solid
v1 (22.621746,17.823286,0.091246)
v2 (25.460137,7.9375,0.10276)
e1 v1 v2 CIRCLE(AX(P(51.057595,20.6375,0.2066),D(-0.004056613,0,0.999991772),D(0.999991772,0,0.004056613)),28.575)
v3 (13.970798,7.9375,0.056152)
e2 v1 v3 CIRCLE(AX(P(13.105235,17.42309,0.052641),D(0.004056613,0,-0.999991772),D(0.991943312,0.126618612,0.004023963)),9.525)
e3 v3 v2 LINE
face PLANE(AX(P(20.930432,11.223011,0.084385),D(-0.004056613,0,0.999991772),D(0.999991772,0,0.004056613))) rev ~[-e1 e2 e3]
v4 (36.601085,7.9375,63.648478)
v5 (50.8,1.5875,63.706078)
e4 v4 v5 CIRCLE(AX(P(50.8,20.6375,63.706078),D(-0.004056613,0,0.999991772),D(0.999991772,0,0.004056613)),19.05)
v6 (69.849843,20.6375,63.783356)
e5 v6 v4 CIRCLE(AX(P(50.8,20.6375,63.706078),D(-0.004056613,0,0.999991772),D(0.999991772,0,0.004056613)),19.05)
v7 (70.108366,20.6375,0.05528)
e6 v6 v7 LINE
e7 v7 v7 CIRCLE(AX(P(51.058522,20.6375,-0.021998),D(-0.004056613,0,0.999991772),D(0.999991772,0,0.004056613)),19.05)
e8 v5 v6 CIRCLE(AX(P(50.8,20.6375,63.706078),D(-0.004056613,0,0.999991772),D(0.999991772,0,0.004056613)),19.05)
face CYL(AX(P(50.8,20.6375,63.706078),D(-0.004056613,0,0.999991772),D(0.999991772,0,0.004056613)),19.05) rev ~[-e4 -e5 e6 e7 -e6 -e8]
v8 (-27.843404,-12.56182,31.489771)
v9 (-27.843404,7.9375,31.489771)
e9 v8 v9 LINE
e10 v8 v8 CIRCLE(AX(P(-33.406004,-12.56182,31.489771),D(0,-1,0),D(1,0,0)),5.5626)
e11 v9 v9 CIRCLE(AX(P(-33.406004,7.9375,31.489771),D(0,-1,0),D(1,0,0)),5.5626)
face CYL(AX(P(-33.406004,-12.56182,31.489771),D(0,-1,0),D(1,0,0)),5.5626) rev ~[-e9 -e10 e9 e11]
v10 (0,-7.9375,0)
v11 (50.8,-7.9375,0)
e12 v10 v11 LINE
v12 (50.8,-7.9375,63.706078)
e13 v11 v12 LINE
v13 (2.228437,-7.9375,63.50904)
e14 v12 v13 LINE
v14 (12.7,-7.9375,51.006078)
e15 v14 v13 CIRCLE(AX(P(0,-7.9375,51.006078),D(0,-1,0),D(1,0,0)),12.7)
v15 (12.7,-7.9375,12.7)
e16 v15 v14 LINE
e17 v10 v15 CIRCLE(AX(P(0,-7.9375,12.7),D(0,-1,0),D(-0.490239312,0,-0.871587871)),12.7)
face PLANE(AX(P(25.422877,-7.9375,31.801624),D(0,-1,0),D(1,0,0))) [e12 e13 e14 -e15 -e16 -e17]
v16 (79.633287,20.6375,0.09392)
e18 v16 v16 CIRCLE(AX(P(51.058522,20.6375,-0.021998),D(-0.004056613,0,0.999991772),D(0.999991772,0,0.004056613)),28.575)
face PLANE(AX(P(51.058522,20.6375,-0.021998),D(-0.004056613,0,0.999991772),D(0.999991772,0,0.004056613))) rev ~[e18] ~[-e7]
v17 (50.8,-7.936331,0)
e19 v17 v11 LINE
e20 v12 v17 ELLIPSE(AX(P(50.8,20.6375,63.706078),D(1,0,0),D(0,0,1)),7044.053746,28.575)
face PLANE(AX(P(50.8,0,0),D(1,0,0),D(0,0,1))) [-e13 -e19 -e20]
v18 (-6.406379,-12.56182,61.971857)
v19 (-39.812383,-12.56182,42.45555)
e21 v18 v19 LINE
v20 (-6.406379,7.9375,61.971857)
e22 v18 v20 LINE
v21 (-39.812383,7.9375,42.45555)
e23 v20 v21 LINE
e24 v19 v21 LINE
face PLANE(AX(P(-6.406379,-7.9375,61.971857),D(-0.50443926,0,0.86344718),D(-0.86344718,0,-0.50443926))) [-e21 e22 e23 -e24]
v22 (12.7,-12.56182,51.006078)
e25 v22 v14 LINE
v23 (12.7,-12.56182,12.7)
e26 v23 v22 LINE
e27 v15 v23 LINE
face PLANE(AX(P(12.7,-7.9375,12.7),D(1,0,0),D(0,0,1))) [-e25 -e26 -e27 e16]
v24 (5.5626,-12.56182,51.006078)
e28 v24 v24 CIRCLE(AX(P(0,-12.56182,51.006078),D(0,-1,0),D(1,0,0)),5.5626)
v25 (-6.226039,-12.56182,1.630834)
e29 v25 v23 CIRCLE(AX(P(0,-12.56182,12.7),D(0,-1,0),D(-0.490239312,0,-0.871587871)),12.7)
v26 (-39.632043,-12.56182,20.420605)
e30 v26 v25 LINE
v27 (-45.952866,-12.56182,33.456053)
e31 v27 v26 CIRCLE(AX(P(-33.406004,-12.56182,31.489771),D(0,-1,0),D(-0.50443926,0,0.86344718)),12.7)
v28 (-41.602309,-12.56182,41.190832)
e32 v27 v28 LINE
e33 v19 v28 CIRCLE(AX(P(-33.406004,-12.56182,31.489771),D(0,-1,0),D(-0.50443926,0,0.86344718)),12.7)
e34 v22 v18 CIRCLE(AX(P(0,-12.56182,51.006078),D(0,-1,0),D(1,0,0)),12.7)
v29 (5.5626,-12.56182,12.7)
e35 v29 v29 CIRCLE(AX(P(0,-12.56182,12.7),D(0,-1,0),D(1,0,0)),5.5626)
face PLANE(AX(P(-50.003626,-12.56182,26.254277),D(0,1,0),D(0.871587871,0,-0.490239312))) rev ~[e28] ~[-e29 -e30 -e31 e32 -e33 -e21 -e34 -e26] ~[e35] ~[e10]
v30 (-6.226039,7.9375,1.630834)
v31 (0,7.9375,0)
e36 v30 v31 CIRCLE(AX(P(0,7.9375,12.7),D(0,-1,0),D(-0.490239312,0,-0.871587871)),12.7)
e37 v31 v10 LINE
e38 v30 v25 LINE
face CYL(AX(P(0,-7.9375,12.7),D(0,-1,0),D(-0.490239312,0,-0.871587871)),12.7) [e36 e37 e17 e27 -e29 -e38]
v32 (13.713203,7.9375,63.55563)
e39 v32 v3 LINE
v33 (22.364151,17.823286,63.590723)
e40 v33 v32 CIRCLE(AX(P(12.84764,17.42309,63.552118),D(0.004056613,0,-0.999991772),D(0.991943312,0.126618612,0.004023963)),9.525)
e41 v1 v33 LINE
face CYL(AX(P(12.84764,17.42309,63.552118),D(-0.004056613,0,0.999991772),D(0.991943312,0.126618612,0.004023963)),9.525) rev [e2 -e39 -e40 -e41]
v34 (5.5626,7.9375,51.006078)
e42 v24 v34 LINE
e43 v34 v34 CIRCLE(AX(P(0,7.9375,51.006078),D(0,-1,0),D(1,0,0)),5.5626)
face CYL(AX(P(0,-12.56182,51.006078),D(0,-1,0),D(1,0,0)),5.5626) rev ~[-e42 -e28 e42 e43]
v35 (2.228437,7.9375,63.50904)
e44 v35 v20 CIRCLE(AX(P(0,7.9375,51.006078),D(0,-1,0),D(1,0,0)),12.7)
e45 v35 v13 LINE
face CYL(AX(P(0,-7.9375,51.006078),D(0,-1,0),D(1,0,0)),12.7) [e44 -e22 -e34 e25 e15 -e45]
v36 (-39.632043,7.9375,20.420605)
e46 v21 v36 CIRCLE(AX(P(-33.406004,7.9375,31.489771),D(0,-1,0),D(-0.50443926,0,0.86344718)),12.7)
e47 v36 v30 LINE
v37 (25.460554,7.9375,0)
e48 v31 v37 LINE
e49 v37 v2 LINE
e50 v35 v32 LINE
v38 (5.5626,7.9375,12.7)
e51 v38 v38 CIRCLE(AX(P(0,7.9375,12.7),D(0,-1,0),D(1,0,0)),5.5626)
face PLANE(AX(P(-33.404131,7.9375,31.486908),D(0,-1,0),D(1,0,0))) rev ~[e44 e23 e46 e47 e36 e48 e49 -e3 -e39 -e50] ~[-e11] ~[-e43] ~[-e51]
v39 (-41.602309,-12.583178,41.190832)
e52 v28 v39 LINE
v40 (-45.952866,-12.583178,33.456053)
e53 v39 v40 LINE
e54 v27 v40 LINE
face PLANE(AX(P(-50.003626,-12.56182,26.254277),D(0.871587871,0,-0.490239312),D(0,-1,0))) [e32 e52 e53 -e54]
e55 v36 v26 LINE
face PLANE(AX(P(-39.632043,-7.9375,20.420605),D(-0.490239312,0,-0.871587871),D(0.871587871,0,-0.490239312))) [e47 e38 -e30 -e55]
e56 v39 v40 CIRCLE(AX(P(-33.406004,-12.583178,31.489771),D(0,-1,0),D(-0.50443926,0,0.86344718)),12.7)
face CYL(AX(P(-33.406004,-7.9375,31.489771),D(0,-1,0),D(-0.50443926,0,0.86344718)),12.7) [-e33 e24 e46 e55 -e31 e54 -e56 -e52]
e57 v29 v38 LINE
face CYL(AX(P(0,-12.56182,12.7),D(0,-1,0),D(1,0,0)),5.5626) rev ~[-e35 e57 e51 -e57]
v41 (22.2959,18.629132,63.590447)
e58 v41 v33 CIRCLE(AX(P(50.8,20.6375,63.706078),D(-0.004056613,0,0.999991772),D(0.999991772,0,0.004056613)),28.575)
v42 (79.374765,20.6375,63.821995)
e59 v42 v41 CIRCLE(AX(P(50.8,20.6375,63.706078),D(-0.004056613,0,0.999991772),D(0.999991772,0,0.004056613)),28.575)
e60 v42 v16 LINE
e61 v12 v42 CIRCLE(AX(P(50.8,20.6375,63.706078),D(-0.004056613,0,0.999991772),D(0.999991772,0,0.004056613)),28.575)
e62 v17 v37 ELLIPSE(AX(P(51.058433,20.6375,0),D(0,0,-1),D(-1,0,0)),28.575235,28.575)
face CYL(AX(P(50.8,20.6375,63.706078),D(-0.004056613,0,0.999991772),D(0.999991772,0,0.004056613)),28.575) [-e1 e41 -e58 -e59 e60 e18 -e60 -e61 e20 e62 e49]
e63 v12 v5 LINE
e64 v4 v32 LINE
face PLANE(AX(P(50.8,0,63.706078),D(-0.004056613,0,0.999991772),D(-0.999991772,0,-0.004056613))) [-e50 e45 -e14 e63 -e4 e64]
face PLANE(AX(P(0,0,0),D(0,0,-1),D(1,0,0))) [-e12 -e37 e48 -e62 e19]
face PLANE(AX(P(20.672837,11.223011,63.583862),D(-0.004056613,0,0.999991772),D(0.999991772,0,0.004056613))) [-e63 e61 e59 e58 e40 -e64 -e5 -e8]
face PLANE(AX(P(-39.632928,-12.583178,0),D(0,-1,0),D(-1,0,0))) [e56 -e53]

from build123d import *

# Parameters (mm, degrees)
F1_DEPTH  = 7.9375
F3_DEPTH  = 15.875
F4_W      = 71.9558009878
F4_H      = 13.6753677544
F5_DEPTH  = 87.884
F7_DEPTH  = 84.582
F8_R      = 5.5626
F9_DEPTH  = 25.4
F10_R     = 28.575
F11_DEPTH = 63.7286
F12_R     = 19.05
F13_DEPTH = 95.758
F15_DEPTH = 63.5


with BuildPart() as f1:
    # F0 (on Front) → F1 (new body, symmetric)
    with BuildSketch(Plane.XZ):
        Polygon((0, 63.5), (0, 0), (50.8, 0), (50.8, 63.7060776353), align=None)
    extrude(amount=F1_DEPTH, both=True)

    # F2 (on face) → F3 (join, symmetric)
    with BuildSketch(Plane.XZ.offset(7.9375)):
        with BuildLine():
            ThreePointArc((-39.632043346, 20.4206049765), (-26.9943232846, 20.5270910991), (-20.706004086, 31.4897709403))
            ThreePointArc((-20.706004086, 31.4897709403), (-27.0842562365, 42.5045566453), (-39.8123826888, 42.4555501282))
            ThreePointArc((-39.8123826888, 42.4555501282), (-46.1055787727, 31.3858345367), (-39.632043346, 20.4206049765))
        make_face()
        with BuildLine():
            ThreePointArc((-39.8123826888, 42.4555501282), (-27.0842562365, 42.5045566453), (-20.706004086, 31.4897709403))
            ThreePointArc((-20.706004086, 31.4897709403), (-26.9943232846, 20.5270910991), (-39.632043346, 20.4206049765))
            Line((-39.632043346, 20.4206049765), (-6.22603926, 1.6308340362))
            ThreePointArc((-6.22603926, 1.6308340362), (-6.4116808014, 23.6626798412), (12.7, 12.7))
            Line((12.7, 12.7), (12.7, 51.0060776353))
            ThreePointArc((12.7, 51.0060776353), (-6.3217478495, 39.9912919303), (-6.4063786028, 61.9718568232))
            Line((-6.4063786028, 61.9718568232), (-39.8123826888, 42.4555501282))
        make_face()
        with BuildLine():
            ThreePointArc((12.7, 51.0060776353), (6.3217478495, 62.0208633403), (-6.4063786028, 61.9718568232))
            ThreePointArc((-6.4063786028, 61.9718568232), (-6.3217478495, 39.9912919303), (12.7, 51.0060776353))
        make_face()
        with BuildLine():
            ThreePointArc((12.7, 12.7), (-6.4116808014, 23.6626798412), (-6.22603926, 1.6308340362))
            ThreePointArc((-6.22603926, 1.6308340362), (6.4116808014, 1.7373201588), (12.7, 12.7))
        make_face()
    extrude(amount=F3_DEPTH, both=True)

    # F4 (on face) → F5 (cut)
    with BuildSketch(Plane(origin=(-0.7994989556, 0, -1.4214151659), x_dir=(0.8715878712, 0, -0.4902393118), z_dir=(-0.4902393118, 0, -0.8715878712))):
        with Locations((-20.4755323939, 19.3995043051)):
            Rectangle(F4_W, F4_H)
    extrude(amount=-F5_DEPTH, mode=Mode.SUBTRACT)

    # F6 (on Top) → F7 (cut)
    with BuildSketch(Plane.XY):
        Polygon((-39.6329276264, -12.583178468), (-41.4357371628, -12.583178468), (-46.0986830294, -12.583178468), (-46.0986830294, -26.8648453057), (-39.6329276264, -26.8648453057), align=None)
    extrude(amount=F7_DEPTH, mode=Mode.SUBTRACT)

    # F8 (on face) → F9 (cut)
    with BuildSketch(Plane.XZ.offset(12.5618204279)):
        with Locations((0, 51.0060776353)):
            Circle(F8_R)
        with Locations((0, 12.7)):
            Circle(F8_R)
        with Locations((-33.406004086, 31.4897709403)):
            Circle(F8_R)
    extrude(amount=-F9_DEPTH, mode=Mode.SUBTRACT)

    # F10 (on face) → F11 (join)
    with BuildSketch(Plane(origin=(-0.2575928051, 0, 63.4989550371), x_dir=(0.9999917719, 0, 0.004056613), z_dir=(-0.004056613, 0, 0.9999917719))):
        with Locations((51.0580129149, 20.6375)):
            Circle(F10_R)
    extrude(amount=-F11_DEPTH)

    # F12 (on face) → F13 (cut)
    with BuildSketch(Plane(origin=(-0.2575928051, 0, 63.4989550371), x_dir=(0.9999917719, 0, 0.004056613), z_dir=(-0.004056613, 0, 0.9999917719))):
        with Locations((51.0580129149, 20.6375)):
            Circle(F12_R)
    extrude(amount=-F13_DEPTH, mode=Mode.SUBTRACT)

    # F14 (on face) → F15 (join)
    with BuildSketch(Plane(origin=(-0.2575928051, 0, 63.4989550371), x_dir=(0.9999917719, 0, 0.004056613), z_dir=(-0.004056613, 0, 0.9999917719))):
        with BuildLine():
            Line((13.9709103513, 7.9375), (12.2397709638, 7.9375))
            ThreePointArc((12.2397709638, 7.9375), (13.1053406575, 7.8980898133), (13.9709103513, 7.9375))
        make_face()
        with BuildLine():
            ThreePointArc((22.5536784489, 18.6291320929), (20.5331210195, 11.4603971418), (13.9709103513, 7.9375))
            Line((13.9709103513, 7.9375), (25.4603445641, 7.9375))
            Line((25.4603445641, 7.9375), (22.5536784489, 18.6291320929))
        make_face()
    extrude(amount=-F15_DEPTH)


solid = f1.part
